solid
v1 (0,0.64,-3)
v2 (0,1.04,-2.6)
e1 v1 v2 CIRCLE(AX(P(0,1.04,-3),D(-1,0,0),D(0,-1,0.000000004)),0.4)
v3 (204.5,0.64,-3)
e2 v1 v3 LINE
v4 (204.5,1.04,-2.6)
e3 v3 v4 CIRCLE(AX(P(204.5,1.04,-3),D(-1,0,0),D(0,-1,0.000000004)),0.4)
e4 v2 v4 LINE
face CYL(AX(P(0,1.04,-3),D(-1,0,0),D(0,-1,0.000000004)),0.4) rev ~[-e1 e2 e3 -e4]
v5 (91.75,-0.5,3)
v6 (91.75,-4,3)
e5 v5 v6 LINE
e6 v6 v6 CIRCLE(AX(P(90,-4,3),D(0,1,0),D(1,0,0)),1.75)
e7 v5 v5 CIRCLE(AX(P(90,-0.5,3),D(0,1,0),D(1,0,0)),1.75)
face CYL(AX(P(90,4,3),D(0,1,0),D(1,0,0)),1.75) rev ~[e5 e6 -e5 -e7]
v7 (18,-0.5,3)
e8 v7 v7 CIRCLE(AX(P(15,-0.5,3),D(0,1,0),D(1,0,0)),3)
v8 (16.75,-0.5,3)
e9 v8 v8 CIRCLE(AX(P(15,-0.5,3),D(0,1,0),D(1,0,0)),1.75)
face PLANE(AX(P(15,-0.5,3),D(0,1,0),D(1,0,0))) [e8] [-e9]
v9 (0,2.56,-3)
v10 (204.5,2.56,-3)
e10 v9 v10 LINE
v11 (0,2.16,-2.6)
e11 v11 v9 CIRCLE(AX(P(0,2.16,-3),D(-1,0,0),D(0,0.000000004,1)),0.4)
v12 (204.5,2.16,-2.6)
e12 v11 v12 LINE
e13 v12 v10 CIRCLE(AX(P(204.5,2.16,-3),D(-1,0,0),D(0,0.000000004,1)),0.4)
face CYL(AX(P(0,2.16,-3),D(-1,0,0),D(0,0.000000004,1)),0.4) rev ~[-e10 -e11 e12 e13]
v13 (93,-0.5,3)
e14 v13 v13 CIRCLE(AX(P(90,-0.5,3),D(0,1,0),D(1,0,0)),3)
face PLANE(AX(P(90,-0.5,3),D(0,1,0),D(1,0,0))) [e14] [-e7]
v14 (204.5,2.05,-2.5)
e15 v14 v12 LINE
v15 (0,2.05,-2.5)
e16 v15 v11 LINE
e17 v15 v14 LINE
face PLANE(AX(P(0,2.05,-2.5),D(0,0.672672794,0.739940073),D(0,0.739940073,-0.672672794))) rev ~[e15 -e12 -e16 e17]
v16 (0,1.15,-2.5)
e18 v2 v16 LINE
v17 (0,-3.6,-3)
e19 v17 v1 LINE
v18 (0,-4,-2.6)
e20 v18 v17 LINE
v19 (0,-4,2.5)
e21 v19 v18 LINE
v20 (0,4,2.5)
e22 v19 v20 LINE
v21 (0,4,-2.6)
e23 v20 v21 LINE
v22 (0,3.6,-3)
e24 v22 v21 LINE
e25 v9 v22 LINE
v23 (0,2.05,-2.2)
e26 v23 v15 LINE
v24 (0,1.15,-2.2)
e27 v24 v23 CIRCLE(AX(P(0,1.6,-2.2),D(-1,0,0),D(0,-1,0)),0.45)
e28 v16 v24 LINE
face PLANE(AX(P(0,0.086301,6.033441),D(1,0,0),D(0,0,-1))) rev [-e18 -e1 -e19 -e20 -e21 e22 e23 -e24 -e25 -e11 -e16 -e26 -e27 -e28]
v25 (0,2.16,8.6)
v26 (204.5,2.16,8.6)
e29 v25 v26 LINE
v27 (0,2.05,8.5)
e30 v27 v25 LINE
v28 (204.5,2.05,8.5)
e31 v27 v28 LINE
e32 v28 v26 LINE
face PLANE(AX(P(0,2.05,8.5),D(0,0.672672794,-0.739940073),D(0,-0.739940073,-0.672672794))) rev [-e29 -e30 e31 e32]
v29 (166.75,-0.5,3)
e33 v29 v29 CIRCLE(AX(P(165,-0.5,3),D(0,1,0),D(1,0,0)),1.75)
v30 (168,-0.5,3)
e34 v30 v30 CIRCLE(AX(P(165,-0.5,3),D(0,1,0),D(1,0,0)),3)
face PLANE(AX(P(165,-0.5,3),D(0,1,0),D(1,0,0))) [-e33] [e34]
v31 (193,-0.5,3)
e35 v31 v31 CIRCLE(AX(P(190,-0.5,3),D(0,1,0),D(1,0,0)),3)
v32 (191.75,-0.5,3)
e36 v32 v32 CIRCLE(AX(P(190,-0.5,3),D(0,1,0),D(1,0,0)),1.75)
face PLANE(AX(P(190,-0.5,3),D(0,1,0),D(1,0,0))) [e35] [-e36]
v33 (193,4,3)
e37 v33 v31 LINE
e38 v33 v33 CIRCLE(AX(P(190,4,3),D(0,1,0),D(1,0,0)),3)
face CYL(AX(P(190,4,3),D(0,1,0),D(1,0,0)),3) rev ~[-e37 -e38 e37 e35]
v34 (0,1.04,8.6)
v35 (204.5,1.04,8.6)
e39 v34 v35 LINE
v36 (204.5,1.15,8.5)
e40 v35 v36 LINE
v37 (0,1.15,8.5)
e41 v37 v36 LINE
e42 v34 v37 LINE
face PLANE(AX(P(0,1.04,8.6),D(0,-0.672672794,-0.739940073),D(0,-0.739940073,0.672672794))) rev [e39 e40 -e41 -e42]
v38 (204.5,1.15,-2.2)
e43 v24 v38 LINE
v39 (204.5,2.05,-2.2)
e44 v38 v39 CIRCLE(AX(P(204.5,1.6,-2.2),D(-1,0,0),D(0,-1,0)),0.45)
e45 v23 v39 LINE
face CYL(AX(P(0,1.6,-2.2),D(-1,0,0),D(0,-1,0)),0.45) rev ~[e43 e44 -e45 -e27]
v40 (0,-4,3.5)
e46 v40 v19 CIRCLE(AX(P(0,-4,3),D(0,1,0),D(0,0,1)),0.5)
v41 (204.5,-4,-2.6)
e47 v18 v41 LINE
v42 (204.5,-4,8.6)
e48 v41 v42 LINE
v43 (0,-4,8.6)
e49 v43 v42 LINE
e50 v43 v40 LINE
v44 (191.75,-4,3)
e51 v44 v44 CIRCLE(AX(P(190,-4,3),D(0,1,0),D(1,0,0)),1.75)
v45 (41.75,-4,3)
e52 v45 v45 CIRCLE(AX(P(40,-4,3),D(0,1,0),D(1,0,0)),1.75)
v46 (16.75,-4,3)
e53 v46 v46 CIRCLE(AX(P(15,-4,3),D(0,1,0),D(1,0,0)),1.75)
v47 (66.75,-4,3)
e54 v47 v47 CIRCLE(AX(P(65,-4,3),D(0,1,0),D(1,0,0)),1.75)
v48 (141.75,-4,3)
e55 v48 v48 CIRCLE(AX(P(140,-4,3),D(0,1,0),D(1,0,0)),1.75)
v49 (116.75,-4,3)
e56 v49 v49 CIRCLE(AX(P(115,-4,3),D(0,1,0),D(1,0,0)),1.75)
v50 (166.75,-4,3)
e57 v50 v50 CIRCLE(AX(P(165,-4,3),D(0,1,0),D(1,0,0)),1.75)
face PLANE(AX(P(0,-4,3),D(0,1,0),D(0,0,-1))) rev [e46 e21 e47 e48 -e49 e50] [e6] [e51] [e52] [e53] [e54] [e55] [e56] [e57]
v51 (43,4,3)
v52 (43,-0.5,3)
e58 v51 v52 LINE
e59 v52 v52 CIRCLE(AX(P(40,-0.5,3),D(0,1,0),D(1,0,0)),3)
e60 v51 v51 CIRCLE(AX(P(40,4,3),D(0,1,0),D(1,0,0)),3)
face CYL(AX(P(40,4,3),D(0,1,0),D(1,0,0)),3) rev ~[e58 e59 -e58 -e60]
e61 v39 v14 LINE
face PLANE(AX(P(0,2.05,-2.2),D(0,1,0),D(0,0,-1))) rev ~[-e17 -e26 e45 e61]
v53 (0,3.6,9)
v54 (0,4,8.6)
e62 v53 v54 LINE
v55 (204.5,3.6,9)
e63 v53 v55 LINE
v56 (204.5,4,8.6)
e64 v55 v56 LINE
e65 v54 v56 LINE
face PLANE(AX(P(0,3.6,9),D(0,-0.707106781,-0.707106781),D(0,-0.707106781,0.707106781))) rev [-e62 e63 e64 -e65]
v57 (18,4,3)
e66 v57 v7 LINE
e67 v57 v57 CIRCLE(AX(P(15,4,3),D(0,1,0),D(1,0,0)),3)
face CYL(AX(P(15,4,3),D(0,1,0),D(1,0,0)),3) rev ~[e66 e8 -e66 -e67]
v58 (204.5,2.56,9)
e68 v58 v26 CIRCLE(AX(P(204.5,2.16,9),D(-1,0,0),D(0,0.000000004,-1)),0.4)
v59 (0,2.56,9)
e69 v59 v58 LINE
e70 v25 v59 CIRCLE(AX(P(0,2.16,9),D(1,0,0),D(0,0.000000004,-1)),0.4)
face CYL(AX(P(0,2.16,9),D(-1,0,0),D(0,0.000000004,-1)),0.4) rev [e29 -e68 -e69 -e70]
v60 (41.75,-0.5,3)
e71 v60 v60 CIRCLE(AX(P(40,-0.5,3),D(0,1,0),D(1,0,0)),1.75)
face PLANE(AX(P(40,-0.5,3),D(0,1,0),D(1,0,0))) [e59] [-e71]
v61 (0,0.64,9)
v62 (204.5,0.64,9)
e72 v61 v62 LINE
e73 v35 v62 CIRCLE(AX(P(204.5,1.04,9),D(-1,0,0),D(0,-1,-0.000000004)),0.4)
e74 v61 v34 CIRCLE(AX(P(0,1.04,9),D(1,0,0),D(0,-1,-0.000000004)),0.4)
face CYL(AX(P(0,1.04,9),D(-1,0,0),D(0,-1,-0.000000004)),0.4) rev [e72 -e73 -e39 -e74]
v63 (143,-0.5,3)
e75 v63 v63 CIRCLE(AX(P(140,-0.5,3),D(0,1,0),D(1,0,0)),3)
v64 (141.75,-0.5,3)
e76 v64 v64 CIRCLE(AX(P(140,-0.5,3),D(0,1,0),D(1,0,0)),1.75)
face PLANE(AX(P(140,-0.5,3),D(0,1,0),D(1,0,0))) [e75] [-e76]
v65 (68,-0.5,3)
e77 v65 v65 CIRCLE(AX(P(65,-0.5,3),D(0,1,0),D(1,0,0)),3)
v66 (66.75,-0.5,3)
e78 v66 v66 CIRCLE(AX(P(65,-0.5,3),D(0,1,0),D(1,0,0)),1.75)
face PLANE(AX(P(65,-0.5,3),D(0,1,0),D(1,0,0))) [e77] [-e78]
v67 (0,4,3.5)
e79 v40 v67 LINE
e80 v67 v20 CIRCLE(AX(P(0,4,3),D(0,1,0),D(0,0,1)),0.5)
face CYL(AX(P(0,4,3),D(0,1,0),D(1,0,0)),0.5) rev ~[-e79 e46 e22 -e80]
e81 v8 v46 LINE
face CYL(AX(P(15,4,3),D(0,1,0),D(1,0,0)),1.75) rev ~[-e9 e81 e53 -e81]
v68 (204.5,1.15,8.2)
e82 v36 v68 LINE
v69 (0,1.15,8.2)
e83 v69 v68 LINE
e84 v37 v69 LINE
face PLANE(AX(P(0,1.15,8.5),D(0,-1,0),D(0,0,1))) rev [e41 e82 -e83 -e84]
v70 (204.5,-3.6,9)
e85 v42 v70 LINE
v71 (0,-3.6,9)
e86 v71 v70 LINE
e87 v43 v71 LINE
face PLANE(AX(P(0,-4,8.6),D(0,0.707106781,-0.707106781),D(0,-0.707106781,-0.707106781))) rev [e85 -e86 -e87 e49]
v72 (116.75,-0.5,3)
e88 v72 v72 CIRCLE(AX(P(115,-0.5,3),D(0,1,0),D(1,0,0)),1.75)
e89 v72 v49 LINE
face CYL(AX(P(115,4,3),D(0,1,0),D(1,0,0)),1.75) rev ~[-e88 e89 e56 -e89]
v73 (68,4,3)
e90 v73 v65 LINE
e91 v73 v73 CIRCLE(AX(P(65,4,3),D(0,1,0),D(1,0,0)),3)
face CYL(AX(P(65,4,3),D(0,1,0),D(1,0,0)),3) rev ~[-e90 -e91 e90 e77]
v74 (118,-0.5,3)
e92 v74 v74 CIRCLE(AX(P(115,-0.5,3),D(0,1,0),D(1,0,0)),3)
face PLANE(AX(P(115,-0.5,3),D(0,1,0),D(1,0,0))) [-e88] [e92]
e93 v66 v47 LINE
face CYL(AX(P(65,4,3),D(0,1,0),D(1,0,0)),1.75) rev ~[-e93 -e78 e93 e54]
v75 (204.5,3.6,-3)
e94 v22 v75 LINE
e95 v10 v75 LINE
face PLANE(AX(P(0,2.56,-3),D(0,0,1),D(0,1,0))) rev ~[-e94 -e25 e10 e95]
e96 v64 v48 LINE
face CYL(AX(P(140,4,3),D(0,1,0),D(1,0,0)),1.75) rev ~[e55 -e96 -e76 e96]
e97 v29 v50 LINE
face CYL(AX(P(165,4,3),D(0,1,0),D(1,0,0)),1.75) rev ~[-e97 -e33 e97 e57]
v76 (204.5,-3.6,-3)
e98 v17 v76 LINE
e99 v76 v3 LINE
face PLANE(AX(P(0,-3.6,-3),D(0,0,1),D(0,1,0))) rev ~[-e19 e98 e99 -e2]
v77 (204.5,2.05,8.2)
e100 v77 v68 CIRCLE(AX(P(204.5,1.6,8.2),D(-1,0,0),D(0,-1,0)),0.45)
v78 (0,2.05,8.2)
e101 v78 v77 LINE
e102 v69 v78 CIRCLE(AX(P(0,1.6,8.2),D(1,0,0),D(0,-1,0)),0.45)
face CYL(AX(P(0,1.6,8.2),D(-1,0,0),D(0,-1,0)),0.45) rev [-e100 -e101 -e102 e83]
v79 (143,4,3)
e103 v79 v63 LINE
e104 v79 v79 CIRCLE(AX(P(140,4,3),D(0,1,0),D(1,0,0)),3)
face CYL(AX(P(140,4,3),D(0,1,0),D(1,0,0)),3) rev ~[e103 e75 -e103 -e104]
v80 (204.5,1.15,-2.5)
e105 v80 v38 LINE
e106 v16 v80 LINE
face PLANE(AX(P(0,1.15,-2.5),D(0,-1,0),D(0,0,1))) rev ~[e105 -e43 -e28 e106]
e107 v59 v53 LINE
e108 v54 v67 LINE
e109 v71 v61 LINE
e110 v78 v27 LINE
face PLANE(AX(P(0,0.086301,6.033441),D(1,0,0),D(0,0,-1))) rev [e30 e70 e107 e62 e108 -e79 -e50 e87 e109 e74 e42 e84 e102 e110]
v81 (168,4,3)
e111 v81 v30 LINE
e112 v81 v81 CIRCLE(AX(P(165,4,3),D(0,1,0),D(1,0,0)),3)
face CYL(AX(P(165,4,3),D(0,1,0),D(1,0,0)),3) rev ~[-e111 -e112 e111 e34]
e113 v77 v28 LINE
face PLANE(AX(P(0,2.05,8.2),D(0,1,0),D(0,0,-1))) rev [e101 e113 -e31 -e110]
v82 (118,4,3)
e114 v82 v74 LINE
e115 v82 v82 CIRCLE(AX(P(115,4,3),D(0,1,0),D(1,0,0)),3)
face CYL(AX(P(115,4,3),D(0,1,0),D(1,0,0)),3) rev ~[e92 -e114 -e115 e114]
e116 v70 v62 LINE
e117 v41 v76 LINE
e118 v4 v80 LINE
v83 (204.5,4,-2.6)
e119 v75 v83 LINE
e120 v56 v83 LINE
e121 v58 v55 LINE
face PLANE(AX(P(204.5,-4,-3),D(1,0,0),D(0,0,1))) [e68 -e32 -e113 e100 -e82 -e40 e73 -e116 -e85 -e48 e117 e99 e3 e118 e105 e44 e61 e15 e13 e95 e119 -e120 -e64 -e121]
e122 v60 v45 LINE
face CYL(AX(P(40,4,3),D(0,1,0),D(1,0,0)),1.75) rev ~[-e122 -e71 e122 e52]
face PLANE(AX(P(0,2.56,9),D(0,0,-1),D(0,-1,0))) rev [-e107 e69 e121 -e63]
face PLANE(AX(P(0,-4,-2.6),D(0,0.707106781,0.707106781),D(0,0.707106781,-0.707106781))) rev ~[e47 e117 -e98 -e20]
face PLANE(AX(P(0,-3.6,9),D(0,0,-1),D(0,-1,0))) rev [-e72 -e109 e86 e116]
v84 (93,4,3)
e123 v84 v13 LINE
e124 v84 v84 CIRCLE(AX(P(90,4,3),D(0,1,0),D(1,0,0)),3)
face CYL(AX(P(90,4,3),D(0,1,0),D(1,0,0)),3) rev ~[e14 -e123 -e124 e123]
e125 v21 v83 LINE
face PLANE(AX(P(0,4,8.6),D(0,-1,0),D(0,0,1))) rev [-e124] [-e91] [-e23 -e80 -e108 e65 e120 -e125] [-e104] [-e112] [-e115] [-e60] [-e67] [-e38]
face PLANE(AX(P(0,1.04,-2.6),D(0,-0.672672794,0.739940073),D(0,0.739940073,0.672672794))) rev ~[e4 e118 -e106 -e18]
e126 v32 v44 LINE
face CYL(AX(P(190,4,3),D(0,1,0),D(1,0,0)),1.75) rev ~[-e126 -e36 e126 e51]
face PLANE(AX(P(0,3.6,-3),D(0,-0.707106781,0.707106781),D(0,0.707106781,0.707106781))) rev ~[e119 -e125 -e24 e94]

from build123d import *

# Parameters (mm, degrees)
BOSS_EXTRUDE1_DEPTH = 480
SKETCH2_R           = 1.75
CUT_EXTRUDE1_DEPTH  = 60
SKETCH3_R           = 3
CUT_EXTRUDE2_DEPTH  = 4.5
SKETCH4_R           = 0.5
CUT_EXTRUDE3_DEPTH  = 14.5
LPATTERN1_COUNT     = 19
LPATTERN1_PITCH     = 25
SKETCH5_W           = 307.473563077
SKETCH5_H           = 32.361597021
CUT_EXTRUDE4_DEPTH  = 9


with BuildPart() as part:
    # Sketch1 → Boss-Extrude1 (new body)
    with BuildSketch(Plane(origin=(0, 0, 0), x_dir=(0, 0, -1), z_dir=(1, 0, 0))):
        with BuildLine():
            Line((-3, -4), (2.6, -4))
            Line((2.6, -4), (3, -3.6))
            Line((3, -3.6), (3, 0.64))
            ThreePointArc((3, 0.64), (2.717157288, 0.757157288), (2.6, 1.04))
            Line((2.6, 1.04), (2.5, 1.15))
            Line((2.5, 1.15), (2.2, 1.15))
            ThreePointArc((2.2, 1.15), (1.75, 1.6), (2.2, 2.05))
            Line((2.2, 2.05), (2.5, 2.05))
            Line((2.5, 2.05), (2.6, 2.16))
            ThreePointArc((2.6, 2.16), (2.717157288, 2.442842712), (3, 2.56))
            Line((3, 2.56), (3, 3.6))
            Line((3, 3.6), (2.6, 4))
            Line((2.6, 4), (-3, 4))
            Line((-3, 4), (-3, -4))
        make_face()
    boss_extrude1 = extrude(amount=BOSS_EXTRUDE1_DEPTH)

    # Mirror1: Boss-Extrude1 across plane
    add(boss_extrude1.mirror(Plane(origin=(480, -4, 3), x_dir=(1, 0, 0), z_dir=(0, 0, -1))))

    # Sketch2 → Cut-Extrude1 (cut)
    with BuildSketch(Plane(origin=(0, 4, 0), x_dir=(1, 0, 0), z_dir=(0, 1, 0))):
        with Locations((15, -3)):
            Circle(SKETCH2_R)
    cut_extrude1 = extrude(amount=-CUT_EXTRUDE1_DEPTH, mode=Mode.SUBTRACT)

    # Sketch3 → Cut-Extrude2 (cut)
    with BuildSketch(Plane(origin=(0, 4, 0), x_dir=(1, 0, 0), z_dir=(0, 1, 0))):
        with Locations((15, -3)):
            Circle(SKETCH3_R)
    cut_extrude2 = extrude(amount=-CUT_EXTRUDE2_DEPTH, mode=Mode.SUBTRACT)

    # Sketch4 → Cut-Extrude3 (cut)
    with BuildSketch(Plane(origin=(0, 4, 0), x_dir=(1, 0, 0), z_dir=(0, 1, 0))):
        with Locations((0, -3)):
            Circle(SKETCH4_R)
    extrude(amount=-CUT_EXTRUDE3_DEPTH, mode=Mode.SUBTRACT)

    # LPattern1: Cut-Extrude1, Cut-Extrude2 ×19
    with Locations(*[(i * LPATTERN1_PITCH, 0, 0) for i in range(1, LPATTERN1_COUNT)]):
        add(cut_extrude1, mode=Mode.SUBTRACT)
        add(cut_extrude2, mode=Mode.SUBTRACT)

    # Sketch5 → Cut-Extrude4 (cut, through all)
    with BuildSketch(Plane.XZ.offset(4)):
        with Locations((358.236781539, 13.180798511)):
            Rectangle(SKETCH5_W, SKETCH5_H)
    extrude(amount=-CUT_EXTRUDE4_DEPTH, mode=Mode.SUBTRACT)


solid = part.part
